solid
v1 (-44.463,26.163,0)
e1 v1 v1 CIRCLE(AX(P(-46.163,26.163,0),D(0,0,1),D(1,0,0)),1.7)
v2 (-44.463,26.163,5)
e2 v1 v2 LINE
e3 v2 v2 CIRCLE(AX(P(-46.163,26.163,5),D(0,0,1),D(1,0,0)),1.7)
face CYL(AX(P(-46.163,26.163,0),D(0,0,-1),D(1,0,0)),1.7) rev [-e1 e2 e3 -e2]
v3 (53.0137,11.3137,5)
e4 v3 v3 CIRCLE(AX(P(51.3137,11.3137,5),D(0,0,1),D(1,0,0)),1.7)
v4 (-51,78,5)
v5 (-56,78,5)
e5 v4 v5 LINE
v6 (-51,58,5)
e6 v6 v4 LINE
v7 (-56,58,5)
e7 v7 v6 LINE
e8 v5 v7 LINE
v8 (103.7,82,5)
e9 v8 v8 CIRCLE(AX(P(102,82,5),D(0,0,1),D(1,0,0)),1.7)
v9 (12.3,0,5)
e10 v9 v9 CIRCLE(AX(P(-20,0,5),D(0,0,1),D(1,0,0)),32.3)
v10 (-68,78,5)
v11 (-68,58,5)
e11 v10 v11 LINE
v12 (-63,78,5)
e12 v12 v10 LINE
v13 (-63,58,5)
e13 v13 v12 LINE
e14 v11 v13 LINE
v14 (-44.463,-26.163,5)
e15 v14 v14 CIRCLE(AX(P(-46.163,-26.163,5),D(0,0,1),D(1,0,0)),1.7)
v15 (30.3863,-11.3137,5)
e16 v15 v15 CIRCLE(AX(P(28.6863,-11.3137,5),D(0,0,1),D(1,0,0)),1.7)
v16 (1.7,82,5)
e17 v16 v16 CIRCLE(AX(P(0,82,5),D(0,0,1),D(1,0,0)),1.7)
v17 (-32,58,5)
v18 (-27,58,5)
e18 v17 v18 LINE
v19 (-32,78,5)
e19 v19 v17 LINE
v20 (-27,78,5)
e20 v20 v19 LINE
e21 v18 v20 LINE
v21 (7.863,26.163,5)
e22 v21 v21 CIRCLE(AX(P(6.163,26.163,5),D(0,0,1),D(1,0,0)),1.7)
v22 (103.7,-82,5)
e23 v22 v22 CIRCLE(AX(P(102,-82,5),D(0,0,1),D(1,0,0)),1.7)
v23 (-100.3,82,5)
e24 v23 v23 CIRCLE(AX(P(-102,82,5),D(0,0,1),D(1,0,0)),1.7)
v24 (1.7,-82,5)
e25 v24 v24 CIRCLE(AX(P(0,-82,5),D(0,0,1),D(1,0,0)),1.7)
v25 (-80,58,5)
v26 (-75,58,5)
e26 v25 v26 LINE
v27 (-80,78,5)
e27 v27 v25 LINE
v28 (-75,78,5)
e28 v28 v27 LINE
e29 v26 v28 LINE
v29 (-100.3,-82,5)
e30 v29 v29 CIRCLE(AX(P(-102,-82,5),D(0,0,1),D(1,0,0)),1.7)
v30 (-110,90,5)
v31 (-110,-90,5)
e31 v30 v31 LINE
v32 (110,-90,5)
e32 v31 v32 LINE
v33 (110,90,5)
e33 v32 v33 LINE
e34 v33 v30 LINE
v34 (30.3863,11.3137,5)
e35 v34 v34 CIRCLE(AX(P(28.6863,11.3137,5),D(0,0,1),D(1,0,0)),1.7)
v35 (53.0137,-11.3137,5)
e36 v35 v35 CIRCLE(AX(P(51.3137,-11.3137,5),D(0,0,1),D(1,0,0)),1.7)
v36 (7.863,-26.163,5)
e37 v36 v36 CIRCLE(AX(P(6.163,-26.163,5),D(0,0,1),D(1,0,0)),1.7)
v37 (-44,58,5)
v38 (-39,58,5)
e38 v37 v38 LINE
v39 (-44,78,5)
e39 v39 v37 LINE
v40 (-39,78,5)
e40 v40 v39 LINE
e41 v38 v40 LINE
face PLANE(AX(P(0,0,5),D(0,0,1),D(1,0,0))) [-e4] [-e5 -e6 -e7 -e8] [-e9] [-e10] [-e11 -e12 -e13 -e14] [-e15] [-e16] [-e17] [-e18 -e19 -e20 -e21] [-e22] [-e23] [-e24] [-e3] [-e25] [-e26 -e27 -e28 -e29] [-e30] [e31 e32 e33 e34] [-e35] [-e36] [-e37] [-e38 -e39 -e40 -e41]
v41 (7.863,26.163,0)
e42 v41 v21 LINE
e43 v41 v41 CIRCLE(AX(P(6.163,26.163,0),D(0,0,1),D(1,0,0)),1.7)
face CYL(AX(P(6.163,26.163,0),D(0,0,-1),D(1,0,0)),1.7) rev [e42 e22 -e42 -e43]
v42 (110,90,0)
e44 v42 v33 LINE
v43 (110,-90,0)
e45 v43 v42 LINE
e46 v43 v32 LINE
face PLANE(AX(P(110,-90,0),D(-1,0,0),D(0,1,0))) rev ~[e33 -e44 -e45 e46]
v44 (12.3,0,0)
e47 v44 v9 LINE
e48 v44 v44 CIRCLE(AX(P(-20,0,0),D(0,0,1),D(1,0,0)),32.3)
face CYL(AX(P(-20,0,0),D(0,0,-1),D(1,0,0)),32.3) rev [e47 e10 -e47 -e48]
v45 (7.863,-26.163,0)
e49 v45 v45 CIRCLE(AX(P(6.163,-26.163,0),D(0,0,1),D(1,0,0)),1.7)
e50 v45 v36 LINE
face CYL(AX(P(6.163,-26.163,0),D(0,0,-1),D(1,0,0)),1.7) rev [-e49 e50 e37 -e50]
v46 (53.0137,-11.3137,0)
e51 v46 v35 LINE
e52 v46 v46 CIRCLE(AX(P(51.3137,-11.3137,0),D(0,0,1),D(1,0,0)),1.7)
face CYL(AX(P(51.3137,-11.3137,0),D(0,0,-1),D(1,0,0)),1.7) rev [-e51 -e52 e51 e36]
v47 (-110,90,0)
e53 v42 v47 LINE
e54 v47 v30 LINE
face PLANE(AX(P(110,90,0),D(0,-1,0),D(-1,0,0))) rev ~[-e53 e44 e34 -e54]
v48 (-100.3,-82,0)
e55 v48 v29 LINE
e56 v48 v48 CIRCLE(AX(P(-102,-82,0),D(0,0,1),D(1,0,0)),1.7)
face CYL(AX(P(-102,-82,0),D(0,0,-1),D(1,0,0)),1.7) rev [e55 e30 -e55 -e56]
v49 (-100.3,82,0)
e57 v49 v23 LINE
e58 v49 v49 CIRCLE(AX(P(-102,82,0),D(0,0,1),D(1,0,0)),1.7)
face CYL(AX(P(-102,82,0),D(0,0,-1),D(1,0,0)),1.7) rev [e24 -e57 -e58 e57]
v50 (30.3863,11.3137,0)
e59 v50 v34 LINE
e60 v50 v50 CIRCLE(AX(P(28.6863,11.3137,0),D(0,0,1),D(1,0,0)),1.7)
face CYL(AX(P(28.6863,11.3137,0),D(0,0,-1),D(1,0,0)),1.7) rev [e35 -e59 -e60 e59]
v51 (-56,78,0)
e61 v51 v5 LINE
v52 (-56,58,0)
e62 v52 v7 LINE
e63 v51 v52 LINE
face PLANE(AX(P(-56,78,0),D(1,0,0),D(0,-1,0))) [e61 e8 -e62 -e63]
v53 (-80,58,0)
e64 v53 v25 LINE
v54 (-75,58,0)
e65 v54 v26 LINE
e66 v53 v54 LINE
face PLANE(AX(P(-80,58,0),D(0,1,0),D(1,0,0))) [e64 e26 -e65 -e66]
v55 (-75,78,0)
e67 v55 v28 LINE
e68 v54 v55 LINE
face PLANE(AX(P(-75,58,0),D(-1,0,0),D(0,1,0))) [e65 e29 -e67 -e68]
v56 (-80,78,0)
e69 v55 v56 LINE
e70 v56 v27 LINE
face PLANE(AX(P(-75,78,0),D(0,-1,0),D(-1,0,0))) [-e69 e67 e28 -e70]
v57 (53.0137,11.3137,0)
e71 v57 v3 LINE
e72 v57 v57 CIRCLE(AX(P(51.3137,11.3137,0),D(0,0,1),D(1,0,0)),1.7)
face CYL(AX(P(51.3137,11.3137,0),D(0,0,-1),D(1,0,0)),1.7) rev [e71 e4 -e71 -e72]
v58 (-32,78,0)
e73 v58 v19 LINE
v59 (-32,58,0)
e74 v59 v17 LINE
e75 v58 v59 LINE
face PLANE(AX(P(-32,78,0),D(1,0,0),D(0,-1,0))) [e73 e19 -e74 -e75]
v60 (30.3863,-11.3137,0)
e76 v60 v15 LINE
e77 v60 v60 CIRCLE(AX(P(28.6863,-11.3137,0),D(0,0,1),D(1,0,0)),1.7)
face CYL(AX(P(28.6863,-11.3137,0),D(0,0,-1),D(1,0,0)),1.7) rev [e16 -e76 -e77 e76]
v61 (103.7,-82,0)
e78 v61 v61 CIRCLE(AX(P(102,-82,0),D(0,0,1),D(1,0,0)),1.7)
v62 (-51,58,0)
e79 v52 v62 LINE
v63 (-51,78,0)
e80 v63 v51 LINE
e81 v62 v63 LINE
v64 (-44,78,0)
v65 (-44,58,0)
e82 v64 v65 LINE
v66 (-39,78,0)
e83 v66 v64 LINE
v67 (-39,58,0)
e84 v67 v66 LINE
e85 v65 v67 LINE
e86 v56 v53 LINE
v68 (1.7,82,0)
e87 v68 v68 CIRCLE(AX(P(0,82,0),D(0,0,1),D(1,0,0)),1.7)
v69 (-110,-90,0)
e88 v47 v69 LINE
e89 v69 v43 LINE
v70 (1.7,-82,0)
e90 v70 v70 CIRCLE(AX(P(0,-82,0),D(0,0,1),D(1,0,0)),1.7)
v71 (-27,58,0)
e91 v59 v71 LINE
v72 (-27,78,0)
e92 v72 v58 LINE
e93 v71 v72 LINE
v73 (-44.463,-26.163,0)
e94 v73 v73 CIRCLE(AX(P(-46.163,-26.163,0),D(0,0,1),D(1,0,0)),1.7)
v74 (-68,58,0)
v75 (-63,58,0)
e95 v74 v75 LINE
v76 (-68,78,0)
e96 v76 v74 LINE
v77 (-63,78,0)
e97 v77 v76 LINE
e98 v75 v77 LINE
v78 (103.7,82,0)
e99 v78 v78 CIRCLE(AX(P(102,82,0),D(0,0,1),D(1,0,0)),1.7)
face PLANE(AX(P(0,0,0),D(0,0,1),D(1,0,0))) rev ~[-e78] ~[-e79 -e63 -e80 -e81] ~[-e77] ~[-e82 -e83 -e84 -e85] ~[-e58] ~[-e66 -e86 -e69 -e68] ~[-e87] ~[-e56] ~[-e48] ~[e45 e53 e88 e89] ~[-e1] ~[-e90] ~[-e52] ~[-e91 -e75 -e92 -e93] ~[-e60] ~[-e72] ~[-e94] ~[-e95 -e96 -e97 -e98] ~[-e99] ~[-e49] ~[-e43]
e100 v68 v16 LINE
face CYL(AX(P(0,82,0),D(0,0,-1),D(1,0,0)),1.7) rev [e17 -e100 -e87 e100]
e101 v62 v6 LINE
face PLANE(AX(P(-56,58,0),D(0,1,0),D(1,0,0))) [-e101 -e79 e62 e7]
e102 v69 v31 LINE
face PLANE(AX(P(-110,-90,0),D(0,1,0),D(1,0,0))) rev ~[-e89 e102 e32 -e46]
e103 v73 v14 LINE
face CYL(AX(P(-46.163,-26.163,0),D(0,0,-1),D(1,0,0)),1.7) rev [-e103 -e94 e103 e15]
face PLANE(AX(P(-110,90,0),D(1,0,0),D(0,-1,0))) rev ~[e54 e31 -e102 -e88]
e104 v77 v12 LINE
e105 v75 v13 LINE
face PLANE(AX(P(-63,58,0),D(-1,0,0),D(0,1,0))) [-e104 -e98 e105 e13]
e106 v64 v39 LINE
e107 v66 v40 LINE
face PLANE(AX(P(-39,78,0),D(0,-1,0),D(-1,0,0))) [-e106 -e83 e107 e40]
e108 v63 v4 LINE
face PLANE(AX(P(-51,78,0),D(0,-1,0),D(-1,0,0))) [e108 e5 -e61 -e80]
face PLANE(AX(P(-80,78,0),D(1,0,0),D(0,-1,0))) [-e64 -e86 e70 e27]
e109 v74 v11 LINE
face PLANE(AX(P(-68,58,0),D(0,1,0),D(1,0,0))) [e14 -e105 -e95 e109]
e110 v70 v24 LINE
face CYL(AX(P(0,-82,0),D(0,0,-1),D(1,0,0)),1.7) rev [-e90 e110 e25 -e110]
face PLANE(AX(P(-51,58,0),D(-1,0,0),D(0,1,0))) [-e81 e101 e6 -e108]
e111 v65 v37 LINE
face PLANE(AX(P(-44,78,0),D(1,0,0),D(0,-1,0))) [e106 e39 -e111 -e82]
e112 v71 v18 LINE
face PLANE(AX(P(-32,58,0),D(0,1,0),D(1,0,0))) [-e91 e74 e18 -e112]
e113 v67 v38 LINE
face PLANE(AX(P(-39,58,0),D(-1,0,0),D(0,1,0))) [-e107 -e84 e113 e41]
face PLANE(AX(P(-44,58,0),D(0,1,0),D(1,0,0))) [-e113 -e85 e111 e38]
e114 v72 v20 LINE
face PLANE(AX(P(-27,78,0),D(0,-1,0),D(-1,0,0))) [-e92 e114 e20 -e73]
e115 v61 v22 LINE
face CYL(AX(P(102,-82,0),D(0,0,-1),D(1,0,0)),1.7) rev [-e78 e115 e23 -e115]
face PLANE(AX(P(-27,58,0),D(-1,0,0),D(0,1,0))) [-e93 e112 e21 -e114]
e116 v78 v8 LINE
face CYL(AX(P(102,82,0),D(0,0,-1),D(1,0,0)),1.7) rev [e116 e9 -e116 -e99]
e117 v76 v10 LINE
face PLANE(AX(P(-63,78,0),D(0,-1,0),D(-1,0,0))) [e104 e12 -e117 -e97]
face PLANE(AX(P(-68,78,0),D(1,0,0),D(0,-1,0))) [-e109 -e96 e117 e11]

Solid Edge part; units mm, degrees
sketch "Sketch1" plane through (0, 0, 0) normal (0, 0, 1) x (1, 0, 0)
  line L0 (-110, -90) -> (110, -90)
  line L1 (110, -90) -> (110, 90)
  line L2 (110, 90) -> (-110, 90)
  line L3 (-110, 90) -> (-110, -90)
  circle A0 centre (-20, 0) radius 32.3
  circle A1 centre (-102, -82) radius 1.7
  circle A2 centre (-102, 82) radius 1.7
  circle A3 centre (102, -82) radius 1.7
  circle A4 centre (102, 82) radius 1.7
  circle A5 centre (0, -82) radius 1.7
  circle A6 centre (0, 82) radius 1.7
  circle A7 centre (6.163, 26.163) radius 1.7
  circle A8 centre (-46.163, 26.163) radius 1.7
  circle A9 centre (-46.163, -26.163) radius 1.7
  circle A10 centre (6.163, -26.163) radius 1.7
  circle A11 centre (51.3137, 11.3137) radius 1.7
  circle A12 centre (28.6863, 11.3137) radius 1.7
  circle A13 centre (28.6863, -11.3137) radius 1.7
  circle A14 centre (51.3137, -11.3137) radius 1.7
  line L4 (-80, 58) -> (-75, 58)
  line L5 (-75, 58) -> (-75, 78)
  line L6 (-75, 78) -> (-80, 78)
  line L7 (-80, 78) -> (-80, 58)
  line L8 (-68, 58) -> (-63, 58)
  line L9 (-63, 58) -> (-63, 78)
  line L10 (-63, 78) -> (-68, 78)
  line L11 (-68, 78) -> (-68, 58)
  line L12 (-56, 58) -> (-51, 58)
  line L13 (-51, 58) -> (-51, 78)
  line L14 (-51, 78) -> (-56, 78)
  line L15 (-56, 78) -> (-56, 58)
  line L16 (-44, 58) -> (-39, 58)
  line L17 (-39, 58) -> (-39, 78)
  line L18 (-39, 78) -> (-44, 78)
  line L19 (-44, 78) -> (-44, 58)
  line L20 (-32, 58) -> (-27, 58)
  line L21 (-27, 58) -> (-27, 78)
  line L22 (-27, 78) -> (-32, 78)
  line L23 (-32, 78) -> (-32, 58)
extrude "Protrusion1" add sketch "Sketch1" along normal blind 5
